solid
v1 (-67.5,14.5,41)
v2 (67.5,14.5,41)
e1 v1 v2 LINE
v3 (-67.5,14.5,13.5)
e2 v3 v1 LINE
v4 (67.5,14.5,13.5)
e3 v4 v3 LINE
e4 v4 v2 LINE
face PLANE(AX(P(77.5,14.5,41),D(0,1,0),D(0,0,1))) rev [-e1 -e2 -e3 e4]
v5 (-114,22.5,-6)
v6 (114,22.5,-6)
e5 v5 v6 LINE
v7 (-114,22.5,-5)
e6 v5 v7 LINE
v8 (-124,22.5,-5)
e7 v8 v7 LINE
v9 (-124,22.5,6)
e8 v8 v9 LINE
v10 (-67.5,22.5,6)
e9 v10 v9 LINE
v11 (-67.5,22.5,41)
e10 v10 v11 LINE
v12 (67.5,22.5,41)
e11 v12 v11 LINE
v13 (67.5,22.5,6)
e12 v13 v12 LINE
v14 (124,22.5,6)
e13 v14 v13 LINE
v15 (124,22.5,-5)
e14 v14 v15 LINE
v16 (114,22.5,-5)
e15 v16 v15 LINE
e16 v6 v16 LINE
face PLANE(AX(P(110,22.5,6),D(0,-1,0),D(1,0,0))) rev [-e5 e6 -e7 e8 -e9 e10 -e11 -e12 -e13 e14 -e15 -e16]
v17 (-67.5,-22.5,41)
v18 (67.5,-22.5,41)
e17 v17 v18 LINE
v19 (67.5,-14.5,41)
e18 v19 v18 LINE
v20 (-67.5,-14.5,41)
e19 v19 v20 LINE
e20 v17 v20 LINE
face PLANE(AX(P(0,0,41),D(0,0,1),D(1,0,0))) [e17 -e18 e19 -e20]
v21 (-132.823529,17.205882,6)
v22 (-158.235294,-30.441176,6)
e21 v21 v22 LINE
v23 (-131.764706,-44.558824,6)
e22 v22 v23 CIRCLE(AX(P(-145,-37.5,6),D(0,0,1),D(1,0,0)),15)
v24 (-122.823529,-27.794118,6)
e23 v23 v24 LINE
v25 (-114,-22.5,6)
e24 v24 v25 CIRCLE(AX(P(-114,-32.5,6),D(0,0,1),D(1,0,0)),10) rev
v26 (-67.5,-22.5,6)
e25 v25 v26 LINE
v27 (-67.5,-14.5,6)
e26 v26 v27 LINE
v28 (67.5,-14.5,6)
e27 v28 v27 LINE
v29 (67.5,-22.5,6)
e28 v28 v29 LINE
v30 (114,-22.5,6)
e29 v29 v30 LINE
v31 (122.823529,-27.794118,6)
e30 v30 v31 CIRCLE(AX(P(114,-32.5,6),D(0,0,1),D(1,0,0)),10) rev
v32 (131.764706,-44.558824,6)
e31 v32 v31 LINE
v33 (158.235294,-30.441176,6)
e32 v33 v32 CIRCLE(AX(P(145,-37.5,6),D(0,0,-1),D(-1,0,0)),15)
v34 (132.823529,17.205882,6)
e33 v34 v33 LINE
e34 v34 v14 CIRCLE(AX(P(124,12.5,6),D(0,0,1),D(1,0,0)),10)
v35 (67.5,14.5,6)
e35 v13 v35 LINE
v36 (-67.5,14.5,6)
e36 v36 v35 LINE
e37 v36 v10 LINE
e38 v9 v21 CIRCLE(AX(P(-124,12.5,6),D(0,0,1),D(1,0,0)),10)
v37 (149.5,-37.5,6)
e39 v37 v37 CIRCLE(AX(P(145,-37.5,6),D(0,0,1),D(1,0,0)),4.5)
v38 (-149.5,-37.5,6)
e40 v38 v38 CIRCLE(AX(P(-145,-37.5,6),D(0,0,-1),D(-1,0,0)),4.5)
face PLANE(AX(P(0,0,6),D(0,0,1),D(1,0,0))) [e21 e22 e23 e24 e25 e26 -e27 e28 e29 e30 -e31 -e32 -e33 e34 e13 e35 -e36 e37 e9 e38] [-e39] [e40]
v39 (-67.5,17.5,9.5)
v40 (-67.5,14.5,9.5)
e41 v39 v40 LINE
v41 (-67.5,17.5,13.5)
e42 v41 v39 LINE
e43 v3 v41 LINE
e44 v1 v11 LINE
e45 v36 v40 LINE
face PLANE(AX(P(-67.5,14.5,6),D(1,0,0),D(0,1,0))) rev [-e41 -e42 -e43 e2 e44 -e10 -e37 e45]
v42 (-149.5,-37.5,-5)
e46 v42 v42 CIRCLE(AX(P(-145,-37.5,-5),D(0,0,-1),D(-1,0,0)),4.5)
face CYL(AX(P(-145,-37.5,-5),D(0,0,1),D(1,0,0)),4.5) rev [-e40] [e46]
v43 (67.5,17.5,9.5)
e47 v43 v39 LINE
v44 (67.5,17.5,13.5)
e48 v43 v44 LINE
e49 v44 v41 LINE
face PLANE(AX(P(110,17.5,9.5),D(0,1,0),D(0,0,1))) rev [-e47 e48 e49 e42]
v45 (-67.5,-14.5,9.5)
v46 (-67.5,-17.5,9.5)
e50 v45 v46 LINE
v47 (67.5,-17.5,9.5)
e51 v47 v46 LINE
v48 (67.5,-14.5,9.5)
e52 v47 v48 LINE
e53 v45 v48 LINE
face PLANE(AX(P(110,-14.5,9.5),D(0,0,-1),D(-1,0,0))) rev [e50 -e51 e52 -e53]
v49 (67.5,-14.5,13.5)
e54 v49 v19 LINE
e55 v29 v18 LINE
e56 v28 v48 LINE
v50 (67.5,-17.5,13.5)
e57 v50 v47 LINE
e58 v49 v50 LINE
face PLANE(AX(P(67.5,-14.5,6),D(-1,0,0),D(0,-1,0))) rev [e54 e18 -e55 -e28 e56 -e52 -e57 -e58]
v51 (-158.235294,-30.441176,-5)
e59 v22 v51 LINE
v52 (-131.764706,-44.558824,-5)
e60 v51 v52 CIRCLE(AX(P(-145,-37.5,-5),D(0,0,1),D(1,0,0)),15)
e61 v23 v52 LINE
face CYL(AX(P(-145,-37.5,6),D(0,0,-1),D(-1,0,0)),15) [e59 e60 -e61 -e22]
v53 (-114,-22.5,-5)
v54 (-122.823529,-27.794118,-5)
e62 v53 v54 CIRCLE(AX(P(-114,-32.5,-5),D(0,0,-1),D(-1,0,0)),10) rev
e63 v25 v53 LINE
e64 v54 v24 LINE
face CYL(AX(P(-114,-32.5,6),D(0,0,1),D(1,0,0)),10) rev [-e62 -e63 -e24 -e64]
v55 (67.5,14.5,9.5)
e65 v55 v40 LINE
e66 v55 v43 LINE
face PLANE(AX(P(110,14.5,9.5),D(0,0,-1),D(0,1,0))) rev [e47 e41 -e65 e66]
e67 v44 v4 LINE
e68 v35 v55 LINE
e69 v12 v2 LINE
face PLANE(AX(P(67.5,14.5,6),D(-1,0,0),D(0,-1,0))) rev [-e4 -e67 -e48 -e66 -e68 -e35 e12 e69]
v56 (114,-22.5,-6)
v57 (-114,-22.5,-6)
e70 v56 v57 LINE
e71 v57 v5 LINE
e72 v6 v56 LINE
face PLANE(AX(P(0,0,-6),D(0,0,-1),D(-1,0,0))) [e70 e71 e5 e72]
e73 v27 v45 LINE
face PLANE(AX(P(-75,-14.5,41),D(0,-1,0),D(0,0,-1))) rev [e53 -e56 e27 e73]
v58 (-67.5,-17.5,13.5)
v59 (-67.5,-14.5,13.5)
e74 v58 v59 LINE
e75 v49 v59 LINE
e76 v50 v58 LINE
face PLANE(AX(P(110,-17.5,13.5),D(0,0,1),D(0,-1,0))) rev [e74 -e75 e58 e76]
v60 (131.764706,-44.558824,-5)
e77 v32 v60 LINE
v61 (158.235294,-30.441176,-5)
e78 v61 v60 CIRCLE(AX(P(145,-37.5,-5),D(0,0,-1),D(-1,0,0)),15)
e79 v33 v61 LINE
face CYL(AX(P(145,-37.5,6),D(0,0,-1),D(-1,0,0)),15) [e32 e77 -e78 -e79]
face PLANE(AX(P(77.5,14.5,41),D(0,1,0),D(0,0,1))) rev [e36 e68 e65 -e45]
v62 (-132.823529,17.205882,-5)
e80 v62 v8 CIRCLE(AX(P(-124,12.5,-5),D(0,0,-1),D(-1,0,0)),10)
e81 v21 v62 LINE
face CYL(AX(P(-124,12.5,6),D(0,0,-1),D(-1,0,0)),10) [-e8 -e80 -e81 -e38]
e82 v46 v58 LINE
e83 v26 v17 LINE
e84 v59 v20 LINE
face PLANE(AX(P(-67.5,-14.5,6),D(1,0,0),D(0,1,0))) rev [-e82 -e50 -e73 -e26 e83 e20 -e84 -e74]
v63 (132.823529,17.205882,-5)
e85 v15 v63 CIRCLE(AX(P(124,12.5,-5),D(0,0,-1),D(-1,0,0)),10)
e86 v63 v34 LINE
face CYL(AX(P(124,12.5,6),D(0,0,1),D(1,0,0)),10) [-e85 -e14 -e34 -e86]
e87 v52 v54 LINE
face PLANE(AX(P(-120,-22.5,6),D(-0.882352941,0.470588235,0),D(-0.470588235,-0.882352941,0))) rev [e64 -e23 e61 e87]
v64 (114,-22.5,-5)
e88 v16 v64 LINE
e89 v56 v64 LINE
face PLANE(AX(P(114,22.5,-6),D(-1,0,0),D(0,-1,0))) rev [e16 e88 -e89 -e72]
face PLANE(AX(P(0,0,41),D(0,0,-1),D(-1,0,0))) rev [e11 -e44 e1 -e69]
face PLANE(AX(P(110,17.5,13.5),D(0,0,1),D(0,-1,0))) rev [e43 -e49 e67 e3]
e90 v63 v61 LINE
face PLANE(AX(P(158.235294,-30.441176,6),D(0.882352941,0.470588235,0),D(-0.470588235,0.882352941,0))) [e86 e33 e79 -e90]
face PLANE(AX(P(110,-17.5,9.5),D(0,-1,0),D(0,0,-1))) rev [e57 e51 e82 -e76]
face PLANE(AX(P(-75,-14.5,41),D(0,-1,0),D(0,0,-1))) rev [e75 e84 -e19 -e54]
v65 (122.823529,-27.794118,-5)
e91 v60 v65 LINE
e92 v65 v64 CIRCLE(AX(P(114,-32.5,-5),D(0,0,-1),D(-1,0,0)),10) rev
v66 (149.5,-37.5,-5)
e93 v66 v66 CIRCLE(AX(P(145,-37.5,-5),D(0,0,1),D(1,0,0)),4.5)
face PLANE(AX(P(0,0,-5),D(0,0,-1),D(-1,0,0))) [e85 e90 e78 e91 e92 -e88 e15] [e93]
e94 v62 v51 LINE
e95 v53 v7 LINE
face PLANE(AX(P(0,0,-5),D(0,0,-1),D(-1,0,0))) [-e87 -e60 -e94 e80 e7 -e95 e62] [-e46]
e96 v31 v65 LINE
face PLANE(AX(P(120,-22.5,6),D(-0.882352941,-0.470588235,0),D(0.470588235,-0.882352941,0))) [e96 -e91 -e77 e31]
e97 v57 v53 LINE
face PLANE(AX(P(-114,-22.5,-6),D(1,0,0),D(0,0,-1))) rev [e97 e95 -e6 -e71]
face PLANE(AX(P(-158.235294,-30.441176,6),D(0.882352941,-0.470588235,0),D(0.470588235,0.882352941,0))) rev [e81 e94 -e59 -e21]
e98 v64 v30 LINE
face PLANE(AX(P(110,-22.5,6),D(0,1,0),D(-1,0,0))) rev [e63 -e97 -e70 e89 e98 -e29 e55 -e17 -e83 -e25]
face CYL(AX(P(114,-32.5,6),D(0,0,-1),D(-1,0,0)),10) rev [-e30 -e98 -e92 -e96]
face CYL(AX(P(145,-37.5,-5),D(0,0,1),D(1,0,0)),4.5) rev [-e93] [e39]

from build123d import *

# Parameters (mm, degrees)
SKETCH_1_W          = 220
SKETCH_1_H          = 45
EXTRUDE_1_DEPTH     = 6
EXTRUDE_2_DEPTH     = 35
SKETCH_5_W          = 4
SKETCH_5_H          = 3
CUT_EXTRUDE_3_DEPTH = 194.244663574
SKETCH_6_W          = 220
SKETCH_6_H          = 45
EXTRUDE_3_DEPTH     = 5
EXTRUDE_4_DEPTH     = 11
SKETCH_10_R         = 4.5
CUT_EXTRUDE_4_DEPTH = 172.992005628
FILLET_1_R          = 10
SKETCH_11_W         = 10
SKETCH_11_H         = 8
CUT_EXTRUDE_6_DEPTH = 35
SKETCH_18_W         = 228
SKETCH_18_H         = 45
EXTRUDE_5_DEPTH     = 1


with BuildPart() as part:
    # 草图1 → 凸台-拉伸1 (new body)
    with BuildSketch(Plane.XY):
        Rectangle(SKETCH_1_W, SKETCH_1_H)
    extrude(amount=EXTRUDE_1_DEPTH)

    # 草图2 → 凸台-拉伸2 (add)
    with BuildSketch(Plane.XY.offset(6)):
        Polygon((-77.5, 22.5), (77.5, 22.5), (77.5, 14.5), (75, 14.5), (-75, 14.5), (-77.5, 14.5), align=None)
        Polygon((-75, -14.5), (75, -14.5), (77.5, -14.5), (77.5, -22.5), (-77.5, -22.5), (-77.5, -14.5), align=None)
    extrude(amount=EXTRUDE_2_DEPTH)

    # 草图5 → 切除-拉伸3 (cut, through all)
    with BuildSketch(Plane.ZY.offset(77.5)):
        with Locations((11.5, -16)):
            Rectangle(SKETCH_5_W, SKETCH_5_H)
        with Locations((11.5, 16)):
            Rectangle(SKETCH_5_W, SKETCH_5_H)
    extrude(amount=-CUT_EXTRUDE_3_DEPTH, mode=Mode.SUBTRACT)

    # 草图6 → 凸台-拉伸3 (add)
    with BuildSketch(Plane(origin=(0, 0, 0), x_dir=(-1, 0, 0), z_dir=(0, 0, -1))):
        Rectangle(SKETCH_6_W, SKETCH_6_H)
    extrude(amount=EXTRUDE_3_DEPTH)

    # 草图9 → 凸台-拉伸4 (add)
    with BuildSketch(Plane(origin=(0, 0, -5), x_dir=(-1, 0, 0), z_dir=(0, 0, -1))):
        with BuildLine():
            Line((-110, -22.5), (-110, 22.5))
            Line((-110, 22.5), (-130, 22.5))
            Line((-130, 22.5), (-158.235294118, -30.441176471))
            ThreePointArc((-158.235294118, -30.441176471), (-152.058823529, -50.735294118), (-131.764705882, -44.558823529))
            Line((-131.764705882, -44.558823529), (-120, -22.5))
            Line((-120, -22.5), (-110, -22.5))
        make_face()
    extrude_4 = extrude(amount=-EXTRUDE_4_DEPTH)

    # 草图10 → 切除-拉伸4 (cut, through all)
    with BuildSketch(Plane.XY.offset(6)):
        with Locations((145, -37.5)):
            Circle(SKETCH_10_R)
    cut_extrude_4 = extrude(amount=-CUT_EXTRUDE_4_DEPTH, mode=Mode.SUBTRACT)

    # 镜向1: 凸台-拉伸4, 切除-拉伸4 across plane
    add(extrude_4.mirror(Plane(origin=(0, 0, 0), x_dir=(0, 0, 1), z_dir=(1, 0, 0))))
    add(cut_extrude_4.mirror(Plane(origin=(0, 0, 0), x_dir=(0, 0, 1), z_dir=(1, 0, 0))), mode=Mode.SUBTRACT)

    # 圆角1
    fillet_1_edges = [part.edges().sort_by_distance(p)[0] for p in [
        (-130, 22.5, 0.5),
        (-120, -22.5, 0.5),
        (130, 22.5, 0.5),
        (120, -22.5, 0.5),
    ]]
    fillet(fillet_1_edges, radius=FILLET_1_R)

    # 草图11 → 切除-拉伸6 (cut)
    with BuildSketch(Plane.XY.offset(41)):
        with Locations((-72.5, 18.5)):
            Rectangle(SKETCH_11_W, SKETCH_11_H)
        with Locations((72.5, 18.5)):
            Rectangle(SKETCH_11_W, SKETCH_11_H)
        with Locations((72.5, -18.5)):
            Rectangle(SKETCH_11_W, SKETCH_11_H)
        with Locations((-72.5, -18.5)):
            Rectangle(SKETCH_11_W, SKETCH_11_H)
    extrude(amount=-CUT_EXTRUDE_6_DEPTH, mode=Mode.SUBTRACT)

    # 草图18 → 凸台-拉伸5 (add)
    with BuildSketch(Plane(origin=(0, 0, -5), x_dir=(-1, 0, 0), z_dir=(0, 0, -1))):
        Rectangle(SKETCH_18_W, SKETCH_18_H)
    extrude(amount=EXTRUDE_5_DEPTH)


solid = part.part
